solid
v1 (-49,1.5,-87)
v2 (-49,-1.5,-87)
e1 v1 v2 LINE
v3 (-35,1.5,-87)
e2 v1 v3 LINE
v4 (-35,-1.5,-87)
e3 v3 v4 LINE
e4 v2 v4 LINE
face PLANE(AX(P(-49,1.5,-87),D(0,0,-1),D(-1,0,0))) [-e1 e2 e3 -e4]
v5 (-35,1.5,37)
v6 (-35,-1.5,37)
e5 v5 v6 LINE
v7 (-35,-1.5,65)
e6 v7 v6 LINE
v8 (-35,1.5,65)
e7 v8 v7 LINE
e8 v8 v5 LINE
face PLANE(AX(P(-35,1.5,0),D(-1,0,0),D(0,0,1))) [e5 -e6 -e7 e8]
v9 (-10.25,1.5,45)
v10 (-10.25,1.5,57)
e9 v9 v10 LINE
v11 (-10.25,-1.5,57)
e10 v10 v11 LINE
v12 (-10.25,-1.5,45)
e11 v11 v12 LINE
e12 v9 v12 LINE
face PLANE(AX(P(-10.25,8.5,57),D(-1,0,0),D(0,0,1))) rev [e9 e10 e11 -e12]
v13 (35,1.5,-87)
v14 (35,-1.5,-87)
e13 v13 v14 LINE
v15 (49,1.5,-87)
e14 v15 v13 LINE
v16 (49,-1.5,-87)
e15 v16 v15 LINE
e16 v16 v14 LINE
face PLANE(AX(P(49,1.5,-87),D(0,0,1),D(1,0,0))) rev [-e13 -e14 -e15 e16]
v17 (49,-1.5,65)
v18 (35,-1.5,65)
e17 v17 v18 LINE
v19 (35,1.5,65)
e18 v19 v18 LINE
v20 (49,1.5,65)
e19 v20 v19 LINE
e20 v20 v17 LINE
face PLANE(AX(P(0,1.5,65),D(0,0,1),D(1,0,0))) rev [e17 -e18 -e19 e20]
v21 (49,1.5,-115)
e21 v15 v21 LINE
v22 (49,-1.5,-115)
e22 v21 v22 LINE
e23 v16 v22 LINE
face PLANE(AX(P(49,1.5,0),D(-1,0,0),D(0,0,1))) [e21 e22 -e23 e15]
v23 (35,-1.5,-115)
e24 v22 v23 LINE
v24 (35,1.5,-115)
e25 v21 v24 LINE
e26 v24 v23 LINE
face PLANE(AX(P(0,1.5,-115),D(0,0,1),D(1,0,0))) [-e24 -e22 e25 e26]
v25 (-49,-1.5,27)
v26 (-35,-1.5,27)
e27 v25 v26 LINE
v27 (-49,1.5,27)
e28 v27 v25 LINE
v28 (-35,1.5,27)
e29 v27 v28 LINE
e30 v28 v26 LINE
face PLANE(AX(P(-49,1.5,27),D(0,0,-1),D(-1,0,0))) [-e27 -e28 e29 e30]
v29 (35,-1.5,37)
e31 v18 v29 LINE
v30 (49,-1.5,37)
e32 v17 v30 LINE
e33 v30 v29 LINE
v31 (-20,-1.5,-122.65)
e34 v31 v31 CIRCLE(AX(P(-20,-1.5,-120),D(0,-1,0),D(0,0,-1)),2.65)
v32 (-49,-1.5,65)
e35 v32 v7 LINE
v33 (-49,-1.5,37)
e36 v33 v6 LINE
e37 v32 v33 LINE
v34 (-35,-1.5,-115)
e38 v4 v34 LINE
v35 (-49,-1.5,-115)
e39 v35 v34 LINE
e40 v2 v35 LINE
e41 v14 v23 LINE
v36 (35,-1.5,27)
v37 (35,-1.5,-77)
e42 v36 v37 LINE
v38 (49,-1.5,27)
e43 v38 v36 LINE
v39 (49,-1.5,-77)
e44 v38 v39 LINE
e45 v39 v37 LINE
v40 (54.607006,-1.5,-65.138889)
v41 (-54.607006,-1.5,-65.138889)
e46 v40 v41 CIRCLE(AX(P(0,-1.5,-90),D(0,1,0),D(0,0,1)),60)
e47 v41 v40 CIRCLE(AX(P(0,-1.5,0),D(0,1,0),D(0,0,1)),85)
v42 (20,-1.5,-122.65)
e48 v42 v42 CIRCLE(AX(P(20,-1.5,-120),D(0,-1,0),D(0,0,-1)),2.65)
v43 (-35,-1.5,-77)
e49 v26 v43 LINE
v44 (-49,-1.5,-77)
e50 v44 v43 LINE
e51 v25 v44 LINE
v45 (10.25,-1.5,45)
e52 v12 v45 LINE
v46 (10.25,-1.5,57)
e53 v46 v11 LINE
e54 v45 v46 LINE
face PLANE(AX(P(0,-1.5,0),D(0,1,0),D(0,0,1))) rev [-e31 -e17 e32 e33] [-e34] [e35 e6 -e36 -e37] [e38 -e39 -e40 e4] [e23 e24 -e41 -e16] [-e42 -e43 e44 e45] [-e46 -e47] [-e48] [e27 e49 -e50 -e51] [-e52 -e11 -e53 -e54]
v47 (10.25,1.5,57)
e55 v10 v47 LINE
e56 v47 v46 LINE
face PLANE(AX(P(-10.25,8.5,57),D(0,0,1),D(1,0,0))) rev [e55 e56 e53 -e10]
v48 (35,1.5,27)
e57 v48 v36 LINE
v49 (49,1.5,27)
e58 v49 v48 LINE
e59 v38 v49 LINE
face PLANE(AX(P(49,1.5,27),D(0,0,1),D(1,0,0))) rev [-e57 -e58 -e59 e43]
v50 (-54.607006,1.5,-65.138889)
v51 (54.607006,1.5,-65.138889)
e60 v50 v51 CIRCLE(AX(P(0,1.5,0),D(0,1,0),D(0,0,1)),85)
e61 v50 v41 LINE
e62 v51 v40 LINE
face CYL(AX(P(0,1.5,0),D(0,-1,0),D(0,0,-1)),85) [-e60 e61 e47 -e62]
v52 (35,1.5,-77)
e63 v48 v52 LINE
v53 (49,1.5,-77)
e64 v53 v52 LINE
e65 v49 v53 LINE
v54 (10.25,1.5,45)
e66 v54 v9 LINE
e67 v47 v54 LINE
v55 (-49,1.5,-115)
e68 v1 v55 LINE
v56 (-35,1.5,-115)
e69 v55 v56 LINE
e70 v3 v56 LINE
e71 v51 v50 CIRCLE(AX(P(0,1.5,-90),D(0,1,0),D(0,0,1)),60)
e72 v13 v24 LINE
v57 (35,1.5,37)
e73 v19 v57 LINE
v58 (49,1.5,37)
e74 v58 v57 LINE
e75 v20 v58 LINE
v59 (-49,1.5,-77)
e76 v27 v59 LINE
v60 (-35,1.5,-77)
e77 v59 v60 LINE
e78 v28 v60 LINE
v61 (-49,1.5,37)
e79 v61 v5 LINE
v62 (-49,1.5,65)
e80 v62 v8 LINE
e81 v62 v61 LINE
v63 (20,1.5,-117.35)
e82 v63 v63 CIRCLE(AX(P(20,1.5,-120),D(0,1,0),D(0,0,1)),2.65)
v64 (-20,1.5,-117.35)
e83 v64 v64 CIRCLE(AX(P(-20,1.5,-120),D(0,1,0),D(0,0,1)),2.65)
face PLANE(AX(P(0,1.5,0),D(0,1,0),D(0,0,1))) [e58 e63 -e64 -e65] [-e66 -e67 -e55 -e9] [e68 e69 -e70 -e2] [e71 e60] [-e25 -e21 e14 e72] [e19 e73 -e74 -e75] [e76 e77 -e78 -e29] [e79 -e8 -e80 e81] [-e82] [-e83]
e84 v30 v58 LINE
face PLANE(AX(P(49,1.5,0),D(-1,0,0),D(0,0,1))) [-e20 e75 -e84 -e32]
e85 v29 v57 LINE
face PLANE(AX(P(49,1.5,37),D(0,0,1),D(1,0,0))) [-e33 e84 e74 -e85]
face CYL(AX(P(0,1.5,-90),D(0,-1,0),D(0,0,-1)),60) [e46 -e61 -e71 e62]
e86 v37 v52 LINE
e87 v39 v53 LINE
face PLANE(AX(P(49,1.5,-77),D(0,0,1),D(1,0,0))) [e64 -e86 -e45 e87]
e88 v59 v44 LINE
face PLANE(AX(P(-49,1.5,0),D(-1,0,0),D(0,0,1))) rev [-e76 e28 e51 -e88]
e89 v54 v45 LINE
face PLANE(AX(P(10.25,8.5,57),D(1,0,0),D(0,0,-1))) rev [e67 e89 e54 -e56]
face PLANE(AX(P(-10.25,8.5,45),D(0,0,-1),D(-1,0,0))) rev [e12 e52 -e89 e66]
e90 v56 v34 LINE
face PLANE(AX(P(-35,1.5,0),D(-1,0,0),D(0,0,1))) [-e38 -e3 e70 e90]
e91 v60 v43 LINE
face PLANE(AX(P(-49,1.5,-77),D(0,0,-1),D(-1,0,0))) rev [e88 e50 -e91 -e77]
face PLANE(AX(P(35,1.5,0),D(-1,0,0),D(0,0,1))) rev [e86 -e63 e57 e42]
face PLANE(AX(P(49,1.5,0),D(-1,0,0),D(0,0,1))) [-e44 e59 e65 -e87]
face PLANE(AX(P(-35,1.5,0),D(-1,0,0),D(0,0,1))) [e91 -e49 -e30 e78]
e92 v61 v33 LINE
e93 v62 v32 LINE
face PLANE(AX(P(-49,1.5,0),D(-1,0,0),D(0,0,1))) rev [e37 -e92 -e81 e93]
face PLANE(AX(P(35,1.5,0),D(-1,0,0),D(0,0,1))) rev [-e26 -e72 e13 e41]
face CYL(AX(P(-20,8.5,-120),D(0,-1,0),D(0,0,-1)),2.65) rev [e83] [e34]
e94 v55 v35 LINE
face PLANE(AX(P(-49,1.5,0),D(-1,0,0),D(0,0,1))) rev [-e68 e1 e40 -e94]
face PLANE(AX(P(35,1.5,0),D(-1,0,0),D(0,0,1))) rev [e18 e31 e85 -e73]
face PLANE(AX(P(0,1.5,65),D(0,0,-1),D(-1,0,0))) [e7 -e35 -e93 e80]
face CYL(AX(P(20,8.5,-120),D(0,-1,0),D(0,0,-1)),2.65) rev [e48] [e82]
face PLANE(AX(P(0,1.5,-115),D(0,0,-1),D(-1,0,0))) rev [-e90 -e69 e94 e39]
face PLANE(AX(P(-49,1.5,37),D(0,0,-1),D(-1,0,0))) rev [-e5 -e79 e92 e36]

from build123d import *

# Parameters (mm, degrees)
CROQUIS1_W              = 14
CROQUIS1_H              = 10
SALIENTE_EXTRUIR1_DEPTH = 1.5
CROQUIS2_R              = 2.65
CROQUIS2_W              = 20.5
CROQUIS2_H              = 12
CORTAR_EXTRUIR1_DEPTH   = 10


with BuildPart() as part:
    # Croquis1 → Saliente-Extruir1 (new, symmetric)
    with BuildSketch(Plane(origin=(0, 0, 0), x_dir=(1, 0, 0), z_dir=(0, 1, 0))):
        with BuildLine():
            ThreePointArc((54.607006458, 65.138888889), (52.033105226, 60.124324936), (49, 55.373420614))
            Line((49, 55.373420614), (49, -27))
            Line((49, -27), (49, -37))
            Line((49, -37), (49, -65))
            Line((49, -65), (35, -65))
            Line((35, -65), (35, -37))
            Line((35, -37), (35, -27))
            Line((35, -27), (35, 41.266028276))
            ThreePointArc((35, 41.266028276), (0, 30), (-35, 41.266028276))
            Line((-35, 41.266028276), (-35, -27))
            Line((-35, -27), (-35, -37))
            Line((-35, -37), (-35, -65))
            Line((-35, -65), (-49, -65))
            Line((-49, -65), (-49, -37))
            Line((-49, -37), (-49, -27))
            Line((-49, -27), (-49, 55.373420614))
            ThreePointArc((-49, 55.373420614), (-52.033105226, 60.124324936), (-54.607006458, 65.138888889))
            ThreePointArc((-54.607006458, 65.138888889), (-35.940259119, -77.027902571), (85, 0))
            ThreePointArc((85, 0), (77.027902571, 35.940259119), (54.607006458, 65.138888889))
        make_face()
        with BuildLine():
            Line((35, 77), (35, 77.459666924))
            ThreePointArc((35, 77.459666924), (0, 85), (-35, 77.459666924))
            Line((-35, 77.459666924), (-35, 77))
            Line((-35, 77), (-35, 41.266028276))
            ThreePointArc((-35, 41.266028276), (0, 30), (35, 41.266028276))
            Line((35, 41.266028276), (35, 77))
        make_face()
        with BuildLine():
            Line((-49, 55.373420614), (-49, 69.455021417))
            ThreePointArc((-49, 69.455021417), (-51.848434854, 67.35532498), (-54.607006458, 65.138888889))
            ThreePointArc((-54.607006458, 65.138888889), (-52.033105226, 60.124324936), (-49, 55.373420614))
        make_face()
        with BuildLine():
            Line((35, 115), (49, 115))
            Line((49, 115), (49, 87))
            Line((49, 87), (49, 77))
            Line((49, 77), (49, 69.455021417))
            ThreePointArc((49, 69.455021417), (51.848434854, 67.35532498), (54.607006458, 65.138888889))
            ThreePointArc((54.607006458, 65.138888889), (58.636253238, 77.280337809), (60, 90))
            ThreePointArc((60, 90), (-12.719662191, 148.636253238), (-54.607006458, 65.138888889))
            ThreePointArc((-54.607006458, 65.138888889), (-51.848434854, 67.35532498), (-49, 69.455021417))
            Line((-49, 69.455021417), (-49, 77))
            Line((-49, 77), (-49, 87))
            Line((-49, 87), (-49, 115))
            Line((-49, 115), (-35, 115))
            Line((-35, 115), (-35, 87))
            Line((-35, 87), (-35, 77.459666924))
            ThreePointArc((-35, 77.459666924), (0, 85), (35, 77.459666924))
            Line((35, 77.459666924), (35, 87))
            Line((35, 87), (35, 115))
        make_face()
        with BuildLine():
            ThreePointArc((54.607006458, 65.138888889), (51.848434854, 67.35532498), (49, 69.455021417))
            Line((49, 69.455021417), (49, 55.373420614))
            ThreePointArc((49, 55.373420614), (52.033105226, 60.124324936), (54.607006458, 65.138888889))
        make_face()
        with Locations((-42, -32)):
            Rectangle(CROQUIS1_W, CROQUIS1_H)
        with Locations((42, -32)):
            Rectangle(CROQUIS1_W, CROQUIS1_H)
        with Locations((42, 82)):
            Rectangle(CROQUIS1_W, CROQUIS1_H)
        with Locations((-42, 82)):
            Rectangle(CROQUIS1_W, CROQUIS1_H)
    extrude(amount=SALIENTE_EXTRUIR1_DEPTH, both=True)

    # Croquis2 → Cortar-Extruir1 (cut)
    with BuildSketch(Plane.XZ.offset(1.5)):
        with Locations(Location((-20, -120, 0), (0, 0, 270))):
            Circle(CROQUIS2_R)
        with Locations(Location((20, -120, 0), (0, 0, 270))):
            Circle(CROQUIS2_R)
        with Locations((0, 51)):
            Rectangle(CROQUIS2_W, CROQUIS2_H)
    extrude(amount=-CORTAR_EXTRUIR1_DEPTH, mode=Mode.SUBTRACT)


solid = part.part
